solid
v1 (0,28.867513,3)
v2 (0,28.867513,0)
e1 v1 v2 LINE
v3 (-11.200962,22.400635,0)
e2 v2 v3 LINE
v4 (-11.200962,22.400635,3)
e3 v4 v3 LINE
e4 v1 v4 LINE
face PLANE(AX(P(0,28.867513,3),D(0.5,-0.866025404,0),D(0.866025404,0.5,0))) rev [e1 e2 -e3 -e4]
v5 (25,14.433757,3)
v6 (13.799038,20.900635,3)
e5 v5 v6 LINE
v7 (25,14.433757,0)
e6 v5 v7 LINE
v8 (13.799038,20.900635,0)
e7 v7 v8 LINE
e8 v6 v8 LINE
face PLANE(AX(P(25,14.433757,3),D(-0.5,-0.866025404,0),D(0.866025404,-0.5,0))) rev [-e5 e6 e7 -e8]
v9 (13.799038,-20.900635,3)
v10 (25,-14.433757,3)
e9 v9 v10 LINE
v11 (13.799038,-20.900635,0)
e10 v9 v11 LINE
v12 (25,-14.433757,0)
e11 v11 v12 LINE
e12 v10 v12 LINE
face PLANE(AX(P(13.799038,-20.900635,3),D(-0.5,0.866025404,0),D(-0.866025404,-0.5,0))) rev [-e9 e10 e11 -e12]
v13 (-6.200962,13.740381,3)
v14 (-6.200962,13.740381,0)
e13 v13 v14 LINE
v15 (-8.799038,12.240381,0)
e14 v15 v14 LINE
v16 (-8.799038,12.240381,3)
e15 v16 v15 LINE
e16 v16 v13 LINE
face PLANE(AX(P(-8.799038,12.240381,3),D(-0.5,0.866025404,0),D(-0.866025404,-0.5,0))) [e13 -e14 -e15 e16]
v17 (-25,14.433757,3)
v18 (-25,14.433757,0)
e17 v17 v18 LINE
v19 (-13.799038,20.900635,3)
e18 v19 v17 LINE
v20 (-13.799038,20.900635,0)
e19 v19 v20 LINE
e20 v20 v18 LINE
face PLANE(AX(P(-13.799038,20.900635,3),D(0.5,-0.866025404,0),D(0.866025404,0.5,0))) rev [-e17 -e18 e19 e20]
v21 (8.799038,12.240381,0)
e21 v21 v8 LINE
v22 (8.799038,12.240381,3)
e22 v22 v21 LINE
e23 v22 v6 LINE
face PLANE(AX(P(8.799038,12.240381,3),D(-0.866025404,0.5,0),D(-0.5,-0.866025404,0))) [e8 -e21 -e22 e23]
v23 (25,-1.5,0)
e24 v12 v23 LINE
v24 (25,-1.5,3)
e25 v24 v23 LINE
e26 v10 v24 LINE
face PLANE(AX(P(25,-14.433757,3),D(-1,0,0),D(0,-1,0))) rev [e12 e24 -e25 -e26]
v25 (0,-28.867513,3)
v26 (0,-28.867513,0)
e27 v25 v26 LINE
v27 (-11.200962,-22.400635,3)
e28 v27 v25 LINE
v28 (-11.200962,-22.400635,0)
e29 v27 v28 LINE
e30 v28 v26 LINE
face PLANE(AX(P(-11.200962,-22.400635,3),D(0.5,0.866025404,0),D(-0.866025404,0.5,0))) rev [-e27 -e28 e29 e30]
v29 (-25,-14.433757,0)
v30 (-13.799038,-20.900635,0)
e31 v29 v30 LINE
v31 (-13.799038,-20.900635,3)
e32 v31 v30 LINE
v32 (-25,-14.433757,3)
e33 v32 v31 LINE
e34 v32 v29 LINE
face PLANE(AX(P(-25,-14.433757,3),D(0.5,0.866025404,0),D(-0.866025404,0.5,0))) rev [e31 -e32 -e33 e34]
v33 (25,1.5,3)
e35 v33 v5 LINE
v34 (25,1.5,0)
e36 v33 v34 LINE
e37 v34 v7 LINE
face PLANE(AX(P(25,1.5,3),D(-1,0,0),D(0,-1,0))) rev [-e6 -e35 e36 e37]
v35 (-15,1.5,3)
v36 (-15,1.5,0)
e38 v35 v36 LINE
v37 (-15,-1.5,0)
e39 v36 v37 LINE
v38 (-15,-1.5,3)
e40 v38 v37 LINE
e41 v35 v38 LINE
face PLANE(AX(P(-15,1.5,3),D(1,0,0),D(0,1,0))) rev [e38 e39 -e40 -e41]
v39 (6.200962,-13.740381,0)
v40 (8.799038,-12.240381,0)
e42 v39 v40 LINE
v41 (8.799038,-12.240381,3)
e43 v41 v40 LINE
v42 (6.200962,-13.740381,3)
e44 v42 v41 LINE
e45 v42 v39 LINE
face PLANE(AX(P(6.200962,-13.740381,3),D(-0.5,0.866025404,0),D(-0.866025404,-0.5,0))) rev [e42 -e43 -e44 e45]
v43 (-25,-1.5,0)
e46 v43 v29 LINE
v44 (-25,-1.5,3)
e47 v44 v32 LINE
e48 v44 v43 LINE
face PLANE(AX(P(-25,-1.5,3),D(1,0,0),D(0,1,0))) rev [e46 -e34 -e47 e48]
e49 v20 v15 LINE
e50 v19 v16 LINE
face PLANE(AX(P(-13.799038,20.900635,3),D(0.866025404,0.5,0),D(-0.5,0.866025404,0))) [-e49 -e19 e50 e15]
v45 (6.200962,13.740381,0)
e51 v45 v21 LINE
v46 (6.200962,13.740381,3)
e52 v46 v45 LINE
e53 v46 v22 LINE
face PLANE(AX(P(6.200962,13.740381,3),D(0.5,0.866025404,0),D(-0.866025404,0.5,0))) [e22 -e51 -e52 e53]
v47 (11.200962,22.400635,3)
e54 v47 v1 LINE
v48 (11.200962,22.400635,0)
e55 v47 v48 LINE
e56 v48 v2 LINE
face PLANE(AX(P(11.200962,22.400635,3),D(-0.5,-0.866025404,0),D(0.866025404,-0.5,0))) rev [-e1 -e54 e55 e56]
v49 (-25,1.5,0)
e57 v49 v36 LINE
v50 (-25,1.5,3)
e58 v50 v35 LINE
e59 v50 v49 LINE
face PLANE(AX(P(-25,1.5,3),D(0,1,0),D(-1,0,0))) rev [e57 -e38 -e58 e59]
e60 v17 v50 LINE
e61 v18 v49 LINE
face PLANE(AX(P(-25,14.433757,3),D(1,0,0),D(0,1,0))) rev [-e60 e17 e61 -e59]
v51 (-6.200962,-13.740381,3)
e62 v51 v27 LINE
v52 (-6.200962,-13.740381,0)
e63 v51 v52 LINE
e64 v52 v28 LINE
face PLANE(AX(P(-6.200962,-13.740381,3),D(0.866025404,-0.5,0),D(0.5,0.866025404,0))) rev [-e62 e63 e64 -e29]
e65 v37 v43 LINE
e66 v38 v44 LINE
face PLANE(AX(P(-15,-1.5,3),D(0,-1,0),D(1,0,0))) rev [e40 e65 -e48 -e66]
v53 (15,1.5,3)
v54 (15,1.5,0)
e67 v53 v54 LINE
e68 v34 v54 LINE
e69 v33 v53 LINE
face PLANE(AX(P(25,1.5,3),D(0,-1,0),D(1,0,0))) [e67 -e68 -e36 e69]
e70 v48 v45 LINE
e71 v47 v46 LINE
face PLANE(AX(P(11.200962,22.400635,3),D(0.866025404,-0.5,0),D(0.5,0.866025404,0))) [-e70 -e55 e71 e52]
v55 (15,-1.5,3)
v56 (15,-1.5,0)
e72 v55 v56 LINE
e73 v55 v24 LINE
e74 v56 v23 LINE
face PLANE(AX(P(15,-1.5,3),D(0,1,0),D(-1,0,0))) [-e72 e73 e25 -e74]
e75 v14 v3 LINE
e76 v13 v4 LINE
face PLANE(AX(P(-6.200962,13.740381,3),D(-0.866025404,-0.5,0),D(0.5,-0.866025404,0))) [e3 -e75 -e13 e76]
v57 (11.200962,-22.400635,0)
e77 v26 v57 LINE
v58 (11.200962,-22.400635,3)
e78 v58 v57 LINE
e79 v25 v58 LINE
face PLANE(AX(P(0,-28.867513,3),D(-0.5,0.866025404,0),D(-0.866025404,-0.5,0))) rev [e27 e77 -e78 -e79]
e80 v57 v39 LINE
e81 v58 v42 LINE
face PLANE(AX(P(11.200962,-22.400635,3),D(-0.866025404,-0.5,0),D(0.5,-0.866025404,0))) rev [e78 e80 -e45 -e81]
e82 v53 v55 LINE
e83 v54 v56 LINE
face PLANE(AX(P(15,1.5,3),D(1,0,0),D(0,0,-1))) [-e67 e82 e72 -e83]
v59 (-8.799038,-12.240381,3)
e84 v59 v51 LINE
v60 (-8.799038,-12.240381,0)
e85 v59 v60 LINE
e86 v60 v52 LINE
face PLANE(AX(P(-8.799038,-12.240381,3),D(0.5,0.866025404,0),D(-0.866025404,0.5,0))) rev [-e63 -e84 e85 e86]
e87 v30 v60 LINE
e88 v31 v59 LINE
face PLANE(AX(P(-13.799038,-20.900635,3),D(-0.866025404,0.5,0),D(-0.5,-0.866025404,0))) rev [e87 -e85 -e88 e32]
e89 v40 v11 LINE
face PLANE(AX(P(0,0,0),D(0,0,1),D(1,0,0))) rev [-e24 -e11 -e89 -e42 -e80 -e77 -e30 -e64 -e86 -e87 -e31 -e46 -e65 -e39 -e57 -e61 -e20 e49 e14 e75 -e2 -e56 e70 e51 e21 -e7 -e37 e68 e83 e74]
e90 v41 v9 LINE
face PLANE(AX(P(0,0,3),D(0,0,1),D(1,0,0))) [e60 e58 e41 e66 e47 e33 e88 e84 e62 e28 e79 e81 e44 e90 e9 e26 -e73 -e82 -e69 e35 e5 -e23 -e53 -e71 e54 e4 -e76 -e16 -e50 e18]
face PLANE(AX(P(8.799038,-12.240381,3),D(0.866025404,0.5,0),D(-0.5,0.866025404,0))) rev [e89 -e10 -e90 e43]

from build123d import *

# Parameters (mm, degrees)
BOSS_EXTRUDE1_DEPTH = 3


with BuildPart() as part:
    # Sketch1 → Boss-Extrude1 (new body)
    with BuildSketch(Plane.XY):
        Polygon((-13.799038106, 20.900635095), (-8.799038106, 12.240381057), (-6.200961894, 13.740381057), (-11.200961894, 22.400635095), (0, 28.867513459), (11.200961894, 22.400635095), (6.200961894, 13.740381057), (8.799038106, 12.240381057), (13.799038106, 20.900635095), (25, 14.43375673), (25, 1.5), (15, 1.5), (15, -1.5), (25, -1.5), (25, -14.43375673), (13.799038106, -20.900635095), (8.799038106, -12.240381057), (6.200961894, -13.740381057), (11.200961894, -22.400635095), (0, -28.867513459), (-11.200961894, -22.400635095), (-6.200961894, -13.740381057), (-8.799038106, -12.240381057), (-13.799038106, -20.900635095), (-25, -14.43375673), (-25, -1.5), (-15, -1.5), (-15, 1.5), (-25, 1.5), (-25, 14.43375673), align=None)
    extrude(amount=BOSS_EXTRUDE1_DEPTH)


solid = part.part
